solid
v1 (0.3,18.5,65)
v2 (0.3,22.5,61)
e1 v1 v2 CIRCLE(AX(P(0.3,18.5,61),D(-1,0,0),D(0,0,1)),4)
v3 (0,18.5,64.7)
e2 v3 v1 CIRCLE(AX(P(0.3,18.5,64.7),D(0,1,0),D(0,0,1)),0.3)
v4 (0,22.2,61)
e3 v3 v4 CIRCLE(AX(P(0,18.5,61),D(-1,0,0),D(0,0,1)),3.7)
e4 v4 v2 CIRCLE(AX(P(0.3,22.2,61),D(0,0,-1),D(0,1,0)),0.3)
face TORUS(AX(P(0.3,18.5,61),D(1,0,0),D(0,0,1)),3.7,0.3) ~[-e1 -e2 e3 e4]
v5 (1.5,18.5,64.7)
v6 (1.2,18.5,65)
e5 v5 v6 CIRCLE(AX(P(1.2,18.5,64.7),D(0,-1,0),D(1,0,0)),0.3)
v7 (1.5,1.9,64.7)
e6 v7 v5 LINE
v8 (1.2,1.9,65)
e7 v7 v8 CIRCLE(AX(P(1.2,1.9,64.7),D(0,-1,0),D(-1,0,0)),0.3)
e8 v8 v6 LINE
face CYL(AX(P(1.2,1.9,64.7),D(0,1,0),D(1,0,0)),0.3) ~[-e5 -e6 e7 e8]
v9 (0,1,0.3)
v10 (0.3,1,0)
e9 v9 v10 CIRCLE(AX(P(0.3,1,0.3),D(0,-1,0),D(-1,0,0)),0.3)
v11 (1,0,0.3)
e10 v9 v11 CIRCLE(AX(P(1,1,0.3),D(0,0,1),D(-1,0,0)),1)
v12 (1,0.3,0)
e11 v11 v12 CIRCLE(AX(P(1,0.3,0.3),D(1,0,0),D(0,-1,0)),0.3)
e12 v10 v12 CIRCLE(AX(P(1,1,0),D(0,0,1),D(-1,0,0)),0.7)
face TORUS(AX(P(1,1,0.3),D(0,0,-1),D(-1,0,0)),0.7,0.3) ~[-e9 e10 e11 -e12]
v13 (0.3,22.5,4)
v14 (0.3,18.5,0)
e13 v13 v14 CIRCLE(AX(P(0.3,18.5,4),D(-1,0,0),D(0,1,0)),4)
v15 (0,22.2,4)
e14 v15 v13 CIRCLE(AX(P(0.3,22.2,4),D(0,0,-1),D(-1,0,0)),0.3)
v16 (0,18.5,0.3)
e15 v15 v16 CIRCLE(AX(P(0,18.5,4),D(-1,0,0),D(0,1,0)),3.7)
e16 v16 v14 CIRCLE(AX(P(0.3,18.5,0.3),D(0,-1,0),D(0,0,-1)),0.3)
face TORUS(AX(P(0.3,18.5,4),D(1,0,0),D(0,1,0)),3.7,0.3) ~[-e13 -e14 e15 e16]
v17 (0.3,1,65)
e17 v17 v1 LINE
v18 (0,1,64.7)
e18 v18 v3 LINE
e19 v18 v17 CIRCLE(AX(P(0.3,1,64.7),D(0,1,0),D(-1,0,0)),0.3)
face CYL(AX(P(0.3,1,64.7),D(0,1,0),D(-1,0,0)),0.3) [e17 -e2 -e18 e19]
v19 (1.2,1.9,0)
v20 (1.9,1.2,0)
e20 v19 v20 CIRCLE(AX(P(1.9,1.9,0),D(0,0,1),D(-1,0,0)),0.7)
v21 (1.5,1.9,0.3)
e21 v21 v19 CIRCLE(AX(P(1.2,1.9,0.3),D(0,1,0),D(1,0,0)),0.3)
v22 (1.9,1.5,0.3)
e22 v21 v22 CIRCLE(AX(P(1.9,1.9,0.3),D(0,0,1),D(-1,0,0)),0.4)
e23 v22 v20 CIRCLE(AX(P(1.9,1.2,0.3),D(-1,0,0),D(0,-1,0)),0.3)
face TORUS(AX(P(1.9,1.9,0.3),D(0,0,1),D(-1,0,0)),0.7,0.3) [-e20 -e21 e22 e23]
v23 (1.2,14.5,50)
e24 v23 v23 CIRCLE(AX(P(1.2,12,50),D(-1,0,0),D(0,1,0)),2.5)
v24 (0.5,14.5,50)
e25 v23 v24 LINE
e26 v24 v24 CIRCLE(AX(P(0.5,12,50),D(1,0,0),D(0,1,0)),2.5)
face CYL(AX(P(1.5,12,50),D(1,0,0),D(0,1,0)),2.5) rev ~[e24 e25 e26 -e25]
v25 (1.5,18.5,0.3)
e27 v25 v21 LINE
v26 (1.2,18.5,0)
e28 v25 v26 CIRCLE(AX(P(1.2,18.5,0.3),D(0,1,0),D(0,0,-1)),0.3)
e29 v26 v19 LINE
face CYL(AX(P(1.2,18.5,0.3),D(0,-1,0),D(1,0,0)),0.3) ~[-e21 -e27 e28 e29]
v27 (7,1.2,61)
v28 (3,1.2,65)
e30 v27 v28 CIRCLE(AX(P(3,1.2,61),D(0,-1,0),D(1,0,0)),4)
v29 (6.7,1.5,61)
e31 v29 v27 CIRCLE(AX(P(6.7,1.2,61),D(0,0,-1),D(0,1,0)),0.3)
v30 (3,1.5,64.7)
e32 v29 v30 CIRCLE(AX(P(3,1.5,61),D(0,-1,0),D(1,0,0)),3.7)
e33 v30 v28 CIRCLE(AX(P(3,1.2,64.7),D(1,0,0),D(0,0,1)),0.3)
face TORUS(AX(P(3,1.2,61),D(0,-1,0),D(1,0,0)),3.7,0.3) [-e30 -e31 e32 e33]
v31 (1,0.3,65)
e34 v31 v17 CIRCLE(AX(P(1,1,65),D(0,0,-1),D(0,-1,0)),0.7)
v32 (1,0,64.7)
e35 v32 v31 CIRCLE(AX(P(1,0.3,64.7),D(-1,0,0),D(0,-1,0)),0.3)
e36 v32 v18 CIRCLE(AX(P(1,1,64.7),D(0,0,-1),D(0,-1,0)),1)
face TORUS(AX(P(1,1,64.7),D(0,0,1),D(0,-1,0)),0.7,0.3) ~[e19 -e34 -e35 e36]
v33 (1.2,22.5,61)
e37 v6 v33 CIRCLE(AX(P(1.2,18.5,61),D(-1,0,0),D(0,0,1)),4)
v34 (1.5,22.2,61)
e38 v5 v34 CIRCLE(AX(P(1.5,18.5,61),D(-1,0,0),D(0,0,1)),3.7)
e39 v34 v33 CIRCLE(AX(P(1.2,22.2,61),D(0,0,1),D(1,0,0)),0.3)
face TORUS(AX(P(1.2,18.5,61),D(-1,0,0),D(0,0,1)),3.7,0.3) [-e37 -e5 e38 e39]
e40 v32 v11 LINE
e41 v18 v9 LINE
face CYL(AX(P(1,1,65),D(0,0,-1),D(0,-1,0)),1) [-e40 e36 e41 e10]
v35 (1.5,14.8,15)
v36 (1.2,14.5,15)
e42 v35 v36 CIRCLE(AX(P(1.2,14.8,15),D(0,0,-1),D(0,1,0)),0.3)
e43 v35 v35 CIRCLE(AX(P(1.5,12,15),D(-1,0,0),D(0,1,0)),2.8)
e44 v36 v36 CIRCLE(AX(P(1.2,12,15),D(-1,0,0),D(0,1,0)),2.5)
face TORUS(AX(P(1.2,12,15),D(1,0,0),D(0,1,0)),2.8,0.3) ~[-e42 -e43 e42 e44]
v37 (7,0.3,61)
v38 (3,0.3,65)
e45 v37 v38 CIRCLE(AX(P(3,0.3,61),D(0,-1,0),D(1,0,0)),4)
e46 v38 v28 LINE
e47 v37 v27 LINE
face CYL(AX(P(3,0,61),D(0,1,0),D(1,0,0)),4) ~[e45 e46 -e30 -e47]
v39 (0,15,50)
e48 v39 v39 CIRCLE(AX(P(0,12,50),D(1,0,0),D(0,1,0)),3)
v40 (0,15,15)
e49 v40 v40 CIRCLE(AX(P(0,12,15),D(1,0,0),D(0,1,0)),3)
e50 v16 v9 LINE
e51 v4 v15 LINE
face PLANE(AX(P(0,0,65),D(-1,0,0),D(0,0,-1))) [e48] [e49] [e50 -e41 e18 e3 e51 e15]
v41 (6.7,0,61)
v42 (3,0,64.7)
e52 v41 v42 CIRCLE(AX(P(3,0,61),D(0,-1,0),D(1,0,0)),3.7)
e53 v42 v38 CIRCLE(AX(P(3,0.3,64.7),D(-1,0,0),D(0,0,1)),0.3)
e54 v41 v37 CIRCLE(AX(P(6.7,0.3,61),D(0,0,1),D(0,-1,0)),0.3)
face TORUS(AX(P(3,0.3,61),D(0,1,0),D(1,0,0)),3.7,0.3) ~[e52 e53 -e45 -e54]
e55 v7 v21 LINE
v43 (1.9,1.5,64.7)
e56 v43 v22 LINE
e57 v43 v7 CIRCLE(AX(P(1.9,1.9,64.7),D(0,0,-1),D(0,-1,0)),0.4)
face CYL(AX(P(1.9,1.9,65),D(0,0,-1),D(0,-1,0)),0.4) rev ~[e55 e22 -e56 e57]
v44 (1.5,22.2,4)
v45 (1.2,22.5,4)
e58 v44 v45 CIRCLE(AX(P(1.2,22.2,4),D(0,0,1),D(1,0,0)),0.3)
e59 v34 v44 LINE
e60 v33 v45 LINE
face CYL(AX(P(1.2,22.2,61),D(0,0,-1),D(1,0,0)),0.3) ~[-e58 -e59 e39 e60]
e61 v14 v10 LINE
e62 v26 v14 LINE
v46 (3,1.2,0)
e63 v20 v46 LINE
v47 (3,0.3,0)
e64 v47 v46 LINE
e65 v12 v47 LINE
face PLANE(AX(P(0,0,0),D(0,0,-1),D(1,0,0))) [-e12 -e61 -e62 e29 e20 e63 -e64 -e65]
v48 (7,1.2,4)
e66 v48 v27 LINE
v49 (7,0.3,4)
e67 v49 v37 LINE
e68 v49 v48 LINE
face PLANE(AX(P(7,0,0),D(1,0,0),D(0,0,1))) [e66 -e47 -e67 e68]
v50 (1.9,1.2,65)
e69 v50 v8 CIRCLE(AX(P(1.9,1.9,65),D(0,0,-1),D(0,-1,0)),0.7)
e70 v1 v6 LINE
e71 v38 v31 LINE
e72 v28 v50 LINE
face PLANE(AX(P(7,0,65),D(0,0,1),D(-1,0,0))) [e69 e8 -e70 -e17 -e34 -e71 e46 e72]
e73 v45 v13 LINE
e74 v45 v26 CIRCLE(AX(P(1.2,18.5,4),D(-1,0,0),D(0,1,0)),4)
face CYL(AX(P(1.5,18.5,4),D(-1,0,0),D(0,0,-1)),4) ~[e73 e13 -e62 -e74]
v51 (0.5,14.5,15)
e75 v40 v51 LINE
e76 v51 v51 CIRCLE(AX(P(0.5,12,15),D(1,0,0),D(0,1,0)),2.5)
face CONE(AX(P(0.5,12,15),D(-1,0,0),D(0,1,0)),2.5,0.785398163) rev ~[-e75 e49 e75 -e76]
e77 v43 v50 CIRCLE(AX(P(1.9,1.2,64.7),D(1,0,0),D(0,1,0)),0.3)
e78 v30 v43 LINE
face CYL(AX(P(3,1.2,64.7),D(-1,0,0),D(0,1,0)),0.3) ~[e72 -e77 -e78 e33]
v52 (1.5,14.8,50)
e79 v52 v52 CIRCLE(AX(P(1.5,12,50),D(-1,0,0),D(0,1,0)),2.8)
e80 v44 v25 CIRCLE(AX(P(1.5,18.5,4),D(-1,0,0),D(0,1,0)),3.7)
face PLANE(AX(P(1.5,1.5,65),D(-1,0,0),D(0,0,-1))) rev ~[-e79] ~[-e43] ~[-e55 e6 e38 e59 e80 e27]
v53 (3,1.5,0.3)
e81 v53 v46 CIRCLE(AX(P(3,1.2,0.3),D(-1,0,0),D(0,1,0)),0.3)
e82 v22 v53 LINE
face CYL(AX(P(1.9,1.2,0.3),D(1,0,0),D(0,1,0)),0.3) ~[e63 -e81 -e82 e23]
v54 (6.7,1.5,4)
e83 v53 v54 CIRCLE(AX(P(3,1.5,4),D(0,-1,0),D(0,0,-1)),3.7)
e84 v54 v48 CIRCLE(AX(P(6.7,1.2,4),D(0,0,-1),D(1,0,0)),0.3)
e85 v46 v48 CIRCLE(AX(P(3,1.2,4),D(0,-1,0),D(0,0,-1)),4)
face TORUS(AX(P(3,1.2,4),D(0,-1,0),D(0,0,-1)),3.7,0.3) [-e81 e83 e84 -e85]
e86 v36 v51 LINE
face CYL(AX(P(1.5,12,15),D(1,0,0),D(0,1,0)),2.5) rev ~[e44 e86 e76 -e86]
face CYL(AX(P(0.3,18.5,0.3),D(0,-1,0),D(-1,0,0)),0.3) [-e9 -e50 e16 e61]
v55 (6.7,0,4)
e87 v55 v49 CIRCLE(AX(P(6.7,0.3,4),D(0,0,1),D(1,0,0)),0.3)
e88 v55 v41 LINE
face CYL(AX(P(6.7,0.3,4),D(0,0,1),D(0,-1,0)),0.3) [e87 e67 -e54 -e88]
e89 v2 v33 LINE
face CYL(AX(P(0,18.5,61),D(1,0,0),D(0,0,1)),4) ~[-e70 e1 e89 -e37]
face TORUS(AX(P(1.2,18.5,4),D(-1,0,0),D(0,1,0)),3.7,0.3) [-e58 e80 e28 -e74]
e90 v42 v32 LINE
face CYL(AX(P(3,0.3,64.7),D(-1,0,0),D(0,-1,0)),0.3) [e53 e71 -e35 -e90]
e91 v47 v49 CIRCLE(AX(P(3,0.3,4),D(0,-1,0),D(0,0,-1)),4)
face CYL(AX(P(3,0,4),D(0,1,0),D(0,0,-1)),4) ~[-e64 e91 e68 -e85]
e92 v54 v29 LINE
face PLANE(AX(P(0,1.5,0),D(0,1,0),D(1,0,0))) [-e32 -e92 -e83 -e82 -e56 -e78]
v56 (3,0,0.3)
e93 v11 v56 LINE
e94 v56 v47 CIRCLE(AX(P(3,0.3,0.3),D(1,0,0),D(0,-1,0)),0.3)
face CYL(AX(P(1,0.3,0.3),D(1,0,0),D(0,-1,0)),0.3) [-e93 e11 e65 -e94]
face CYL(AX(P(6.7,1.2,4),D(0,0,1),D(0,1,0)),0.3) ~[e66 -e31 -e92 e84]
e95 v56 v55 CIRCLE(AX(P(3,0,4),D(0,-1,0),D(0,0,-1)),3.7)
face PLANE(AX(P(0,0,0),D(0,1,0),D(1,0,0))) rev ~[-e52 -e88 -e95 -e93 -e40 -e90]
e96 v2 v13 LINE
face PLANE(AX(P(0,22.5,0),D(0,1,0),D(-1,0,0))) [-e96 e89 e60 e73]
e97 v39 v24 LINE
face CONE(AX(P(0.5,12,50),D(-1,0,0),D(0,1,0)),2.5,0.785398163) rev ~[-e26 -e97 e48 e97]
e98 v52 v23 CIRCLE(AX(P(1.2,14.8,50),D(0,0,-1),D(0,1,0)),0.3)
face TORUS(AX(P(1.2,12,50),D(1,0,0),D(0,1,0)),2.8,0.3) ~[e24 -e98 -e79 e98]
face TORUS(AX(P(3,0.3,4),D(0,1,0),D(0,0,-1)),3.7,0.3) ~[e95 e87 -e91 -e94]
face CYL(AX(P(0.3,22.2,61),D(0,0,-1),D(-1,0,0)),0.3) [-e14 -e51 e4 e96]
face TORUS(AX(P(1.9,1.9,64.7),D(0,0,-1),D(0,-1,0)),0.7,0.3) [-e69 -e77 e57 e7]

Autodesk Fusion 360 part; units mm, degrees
sketch "Skizze1" plane through (0, 0, 0) normal (0, 1, 0) x (1, 0, 0)
  line L0 (0, 0) -> (7, 0)
  line L1 (7, 0) -> (7, -65)
  line L2 (7, -65) -> (0, -65)
  line L3 (0, -65) -> (0, 0)
  dimension "d1" = 7
  dimension "d2" = 65
extrude "Extrusion1" add sketch "Skizze1" along normal blind 1.5
sketch "Skizze2" plane through (0, 1.5, 0) normal (0, 1, 0) x (-1, 0, 0)
  line L0 (0, 65) -> (-7, 65)
  line L1 (-7, 65) -> (-7, 0)
  line L2 (-7, 0) -> (0, 0)
  line L3 (0, 0) -> (0, 65)
  line L4 (-1.5, 65) -> (-1.5, 0)
  dimension "d5" = 1.5
extrude "Extrusion2" add sketch "Skizze2" along normal blind 21 contours L0 L2 L3 L4
fillet "Abrundung1" radius 4 4 edges at (0.75, 22.5, 65) (7, 0.75, 65) (0.75, 22.5, 0) (7, 0.75, 0)
sketch "Skizze3" plane through (1.5, 0, 0) normal (1, 0, 0) x (0, 1, 0)
  arc A0 (18.5, 0) -> (22.5, 4) centre (18.5, 4) ccw
  line L0 (22.5, 4) -> (22.5, 61)
  arc A1 (22.5, 61) -> (18.5, 65) centre (18.5, 61) ccw
  line L1 (18.5, 65) -> (1.5, 65)
  line L2 (1.5, 65) -> (1.5, 0)
  line L3 (1.5, 0) -> (18.5, 0)
  line L4 (12, 65) -> (12, 0)
  circle A2 centre (12, 50) radius 2.5
  circle A3 centre (12, 15) radius 2.5
  dimension "d10" = 12
  dimension "d11" = 5
  dimension "d12" = 5
  dimension "d13" = 15
  dimension "d14" = 15
extrude "Extrusion3" cut sketch "Skizze3" against normal blind 2 contours L4 A3 | L4 A3 | L4 A2 | L4 A2
chamfer "Fase1" distance 0.5 angle 45 2 edges at (0, 9.6692, 49.096) (0, 9.6692, 14.096)
fillet "Abrundung4" radius 0.4 1 edges at (1.5, 1.5, 32.5)
fillet "Abrundung6" radius 1 1 edges at (0, 0, 32.5)
fillet "Abrundung7" radius 0.3 26 edges at (1.5, 22.5, 32.5) (1.5, 21.3284, 1.1716) (1.5, 10.2, 0) (1.6172, 1.6172, 0) (2.45, 1.5, 0) (5.8284, 1.5, 1.1716) (7, 1.5, 32.5) (5.8284, 1.5, 63.8284) (2.45, 1.5, 65) (1.6172, 1.6172, 65) (1.5, 10.2, 65) (1.5, 21.3284, 63.8284) (0, 21.3284, 63.8284) (0, 9.75, 65) (0.2929, 0.2929, 65) (2, 0, 65) (5.8284, 0, 63.8284) (7, 0, 32.5) (5.8284, 0, 1.1716) (2, 0, 0) (0.2929, 0.2929, 0) (0, 9.75, 0) (0, 21.3284, 1.1716) (0, 22.5, 32.5) (1.5, 9.6692, 50.904) (1.5, 9.6692, 15.904)
